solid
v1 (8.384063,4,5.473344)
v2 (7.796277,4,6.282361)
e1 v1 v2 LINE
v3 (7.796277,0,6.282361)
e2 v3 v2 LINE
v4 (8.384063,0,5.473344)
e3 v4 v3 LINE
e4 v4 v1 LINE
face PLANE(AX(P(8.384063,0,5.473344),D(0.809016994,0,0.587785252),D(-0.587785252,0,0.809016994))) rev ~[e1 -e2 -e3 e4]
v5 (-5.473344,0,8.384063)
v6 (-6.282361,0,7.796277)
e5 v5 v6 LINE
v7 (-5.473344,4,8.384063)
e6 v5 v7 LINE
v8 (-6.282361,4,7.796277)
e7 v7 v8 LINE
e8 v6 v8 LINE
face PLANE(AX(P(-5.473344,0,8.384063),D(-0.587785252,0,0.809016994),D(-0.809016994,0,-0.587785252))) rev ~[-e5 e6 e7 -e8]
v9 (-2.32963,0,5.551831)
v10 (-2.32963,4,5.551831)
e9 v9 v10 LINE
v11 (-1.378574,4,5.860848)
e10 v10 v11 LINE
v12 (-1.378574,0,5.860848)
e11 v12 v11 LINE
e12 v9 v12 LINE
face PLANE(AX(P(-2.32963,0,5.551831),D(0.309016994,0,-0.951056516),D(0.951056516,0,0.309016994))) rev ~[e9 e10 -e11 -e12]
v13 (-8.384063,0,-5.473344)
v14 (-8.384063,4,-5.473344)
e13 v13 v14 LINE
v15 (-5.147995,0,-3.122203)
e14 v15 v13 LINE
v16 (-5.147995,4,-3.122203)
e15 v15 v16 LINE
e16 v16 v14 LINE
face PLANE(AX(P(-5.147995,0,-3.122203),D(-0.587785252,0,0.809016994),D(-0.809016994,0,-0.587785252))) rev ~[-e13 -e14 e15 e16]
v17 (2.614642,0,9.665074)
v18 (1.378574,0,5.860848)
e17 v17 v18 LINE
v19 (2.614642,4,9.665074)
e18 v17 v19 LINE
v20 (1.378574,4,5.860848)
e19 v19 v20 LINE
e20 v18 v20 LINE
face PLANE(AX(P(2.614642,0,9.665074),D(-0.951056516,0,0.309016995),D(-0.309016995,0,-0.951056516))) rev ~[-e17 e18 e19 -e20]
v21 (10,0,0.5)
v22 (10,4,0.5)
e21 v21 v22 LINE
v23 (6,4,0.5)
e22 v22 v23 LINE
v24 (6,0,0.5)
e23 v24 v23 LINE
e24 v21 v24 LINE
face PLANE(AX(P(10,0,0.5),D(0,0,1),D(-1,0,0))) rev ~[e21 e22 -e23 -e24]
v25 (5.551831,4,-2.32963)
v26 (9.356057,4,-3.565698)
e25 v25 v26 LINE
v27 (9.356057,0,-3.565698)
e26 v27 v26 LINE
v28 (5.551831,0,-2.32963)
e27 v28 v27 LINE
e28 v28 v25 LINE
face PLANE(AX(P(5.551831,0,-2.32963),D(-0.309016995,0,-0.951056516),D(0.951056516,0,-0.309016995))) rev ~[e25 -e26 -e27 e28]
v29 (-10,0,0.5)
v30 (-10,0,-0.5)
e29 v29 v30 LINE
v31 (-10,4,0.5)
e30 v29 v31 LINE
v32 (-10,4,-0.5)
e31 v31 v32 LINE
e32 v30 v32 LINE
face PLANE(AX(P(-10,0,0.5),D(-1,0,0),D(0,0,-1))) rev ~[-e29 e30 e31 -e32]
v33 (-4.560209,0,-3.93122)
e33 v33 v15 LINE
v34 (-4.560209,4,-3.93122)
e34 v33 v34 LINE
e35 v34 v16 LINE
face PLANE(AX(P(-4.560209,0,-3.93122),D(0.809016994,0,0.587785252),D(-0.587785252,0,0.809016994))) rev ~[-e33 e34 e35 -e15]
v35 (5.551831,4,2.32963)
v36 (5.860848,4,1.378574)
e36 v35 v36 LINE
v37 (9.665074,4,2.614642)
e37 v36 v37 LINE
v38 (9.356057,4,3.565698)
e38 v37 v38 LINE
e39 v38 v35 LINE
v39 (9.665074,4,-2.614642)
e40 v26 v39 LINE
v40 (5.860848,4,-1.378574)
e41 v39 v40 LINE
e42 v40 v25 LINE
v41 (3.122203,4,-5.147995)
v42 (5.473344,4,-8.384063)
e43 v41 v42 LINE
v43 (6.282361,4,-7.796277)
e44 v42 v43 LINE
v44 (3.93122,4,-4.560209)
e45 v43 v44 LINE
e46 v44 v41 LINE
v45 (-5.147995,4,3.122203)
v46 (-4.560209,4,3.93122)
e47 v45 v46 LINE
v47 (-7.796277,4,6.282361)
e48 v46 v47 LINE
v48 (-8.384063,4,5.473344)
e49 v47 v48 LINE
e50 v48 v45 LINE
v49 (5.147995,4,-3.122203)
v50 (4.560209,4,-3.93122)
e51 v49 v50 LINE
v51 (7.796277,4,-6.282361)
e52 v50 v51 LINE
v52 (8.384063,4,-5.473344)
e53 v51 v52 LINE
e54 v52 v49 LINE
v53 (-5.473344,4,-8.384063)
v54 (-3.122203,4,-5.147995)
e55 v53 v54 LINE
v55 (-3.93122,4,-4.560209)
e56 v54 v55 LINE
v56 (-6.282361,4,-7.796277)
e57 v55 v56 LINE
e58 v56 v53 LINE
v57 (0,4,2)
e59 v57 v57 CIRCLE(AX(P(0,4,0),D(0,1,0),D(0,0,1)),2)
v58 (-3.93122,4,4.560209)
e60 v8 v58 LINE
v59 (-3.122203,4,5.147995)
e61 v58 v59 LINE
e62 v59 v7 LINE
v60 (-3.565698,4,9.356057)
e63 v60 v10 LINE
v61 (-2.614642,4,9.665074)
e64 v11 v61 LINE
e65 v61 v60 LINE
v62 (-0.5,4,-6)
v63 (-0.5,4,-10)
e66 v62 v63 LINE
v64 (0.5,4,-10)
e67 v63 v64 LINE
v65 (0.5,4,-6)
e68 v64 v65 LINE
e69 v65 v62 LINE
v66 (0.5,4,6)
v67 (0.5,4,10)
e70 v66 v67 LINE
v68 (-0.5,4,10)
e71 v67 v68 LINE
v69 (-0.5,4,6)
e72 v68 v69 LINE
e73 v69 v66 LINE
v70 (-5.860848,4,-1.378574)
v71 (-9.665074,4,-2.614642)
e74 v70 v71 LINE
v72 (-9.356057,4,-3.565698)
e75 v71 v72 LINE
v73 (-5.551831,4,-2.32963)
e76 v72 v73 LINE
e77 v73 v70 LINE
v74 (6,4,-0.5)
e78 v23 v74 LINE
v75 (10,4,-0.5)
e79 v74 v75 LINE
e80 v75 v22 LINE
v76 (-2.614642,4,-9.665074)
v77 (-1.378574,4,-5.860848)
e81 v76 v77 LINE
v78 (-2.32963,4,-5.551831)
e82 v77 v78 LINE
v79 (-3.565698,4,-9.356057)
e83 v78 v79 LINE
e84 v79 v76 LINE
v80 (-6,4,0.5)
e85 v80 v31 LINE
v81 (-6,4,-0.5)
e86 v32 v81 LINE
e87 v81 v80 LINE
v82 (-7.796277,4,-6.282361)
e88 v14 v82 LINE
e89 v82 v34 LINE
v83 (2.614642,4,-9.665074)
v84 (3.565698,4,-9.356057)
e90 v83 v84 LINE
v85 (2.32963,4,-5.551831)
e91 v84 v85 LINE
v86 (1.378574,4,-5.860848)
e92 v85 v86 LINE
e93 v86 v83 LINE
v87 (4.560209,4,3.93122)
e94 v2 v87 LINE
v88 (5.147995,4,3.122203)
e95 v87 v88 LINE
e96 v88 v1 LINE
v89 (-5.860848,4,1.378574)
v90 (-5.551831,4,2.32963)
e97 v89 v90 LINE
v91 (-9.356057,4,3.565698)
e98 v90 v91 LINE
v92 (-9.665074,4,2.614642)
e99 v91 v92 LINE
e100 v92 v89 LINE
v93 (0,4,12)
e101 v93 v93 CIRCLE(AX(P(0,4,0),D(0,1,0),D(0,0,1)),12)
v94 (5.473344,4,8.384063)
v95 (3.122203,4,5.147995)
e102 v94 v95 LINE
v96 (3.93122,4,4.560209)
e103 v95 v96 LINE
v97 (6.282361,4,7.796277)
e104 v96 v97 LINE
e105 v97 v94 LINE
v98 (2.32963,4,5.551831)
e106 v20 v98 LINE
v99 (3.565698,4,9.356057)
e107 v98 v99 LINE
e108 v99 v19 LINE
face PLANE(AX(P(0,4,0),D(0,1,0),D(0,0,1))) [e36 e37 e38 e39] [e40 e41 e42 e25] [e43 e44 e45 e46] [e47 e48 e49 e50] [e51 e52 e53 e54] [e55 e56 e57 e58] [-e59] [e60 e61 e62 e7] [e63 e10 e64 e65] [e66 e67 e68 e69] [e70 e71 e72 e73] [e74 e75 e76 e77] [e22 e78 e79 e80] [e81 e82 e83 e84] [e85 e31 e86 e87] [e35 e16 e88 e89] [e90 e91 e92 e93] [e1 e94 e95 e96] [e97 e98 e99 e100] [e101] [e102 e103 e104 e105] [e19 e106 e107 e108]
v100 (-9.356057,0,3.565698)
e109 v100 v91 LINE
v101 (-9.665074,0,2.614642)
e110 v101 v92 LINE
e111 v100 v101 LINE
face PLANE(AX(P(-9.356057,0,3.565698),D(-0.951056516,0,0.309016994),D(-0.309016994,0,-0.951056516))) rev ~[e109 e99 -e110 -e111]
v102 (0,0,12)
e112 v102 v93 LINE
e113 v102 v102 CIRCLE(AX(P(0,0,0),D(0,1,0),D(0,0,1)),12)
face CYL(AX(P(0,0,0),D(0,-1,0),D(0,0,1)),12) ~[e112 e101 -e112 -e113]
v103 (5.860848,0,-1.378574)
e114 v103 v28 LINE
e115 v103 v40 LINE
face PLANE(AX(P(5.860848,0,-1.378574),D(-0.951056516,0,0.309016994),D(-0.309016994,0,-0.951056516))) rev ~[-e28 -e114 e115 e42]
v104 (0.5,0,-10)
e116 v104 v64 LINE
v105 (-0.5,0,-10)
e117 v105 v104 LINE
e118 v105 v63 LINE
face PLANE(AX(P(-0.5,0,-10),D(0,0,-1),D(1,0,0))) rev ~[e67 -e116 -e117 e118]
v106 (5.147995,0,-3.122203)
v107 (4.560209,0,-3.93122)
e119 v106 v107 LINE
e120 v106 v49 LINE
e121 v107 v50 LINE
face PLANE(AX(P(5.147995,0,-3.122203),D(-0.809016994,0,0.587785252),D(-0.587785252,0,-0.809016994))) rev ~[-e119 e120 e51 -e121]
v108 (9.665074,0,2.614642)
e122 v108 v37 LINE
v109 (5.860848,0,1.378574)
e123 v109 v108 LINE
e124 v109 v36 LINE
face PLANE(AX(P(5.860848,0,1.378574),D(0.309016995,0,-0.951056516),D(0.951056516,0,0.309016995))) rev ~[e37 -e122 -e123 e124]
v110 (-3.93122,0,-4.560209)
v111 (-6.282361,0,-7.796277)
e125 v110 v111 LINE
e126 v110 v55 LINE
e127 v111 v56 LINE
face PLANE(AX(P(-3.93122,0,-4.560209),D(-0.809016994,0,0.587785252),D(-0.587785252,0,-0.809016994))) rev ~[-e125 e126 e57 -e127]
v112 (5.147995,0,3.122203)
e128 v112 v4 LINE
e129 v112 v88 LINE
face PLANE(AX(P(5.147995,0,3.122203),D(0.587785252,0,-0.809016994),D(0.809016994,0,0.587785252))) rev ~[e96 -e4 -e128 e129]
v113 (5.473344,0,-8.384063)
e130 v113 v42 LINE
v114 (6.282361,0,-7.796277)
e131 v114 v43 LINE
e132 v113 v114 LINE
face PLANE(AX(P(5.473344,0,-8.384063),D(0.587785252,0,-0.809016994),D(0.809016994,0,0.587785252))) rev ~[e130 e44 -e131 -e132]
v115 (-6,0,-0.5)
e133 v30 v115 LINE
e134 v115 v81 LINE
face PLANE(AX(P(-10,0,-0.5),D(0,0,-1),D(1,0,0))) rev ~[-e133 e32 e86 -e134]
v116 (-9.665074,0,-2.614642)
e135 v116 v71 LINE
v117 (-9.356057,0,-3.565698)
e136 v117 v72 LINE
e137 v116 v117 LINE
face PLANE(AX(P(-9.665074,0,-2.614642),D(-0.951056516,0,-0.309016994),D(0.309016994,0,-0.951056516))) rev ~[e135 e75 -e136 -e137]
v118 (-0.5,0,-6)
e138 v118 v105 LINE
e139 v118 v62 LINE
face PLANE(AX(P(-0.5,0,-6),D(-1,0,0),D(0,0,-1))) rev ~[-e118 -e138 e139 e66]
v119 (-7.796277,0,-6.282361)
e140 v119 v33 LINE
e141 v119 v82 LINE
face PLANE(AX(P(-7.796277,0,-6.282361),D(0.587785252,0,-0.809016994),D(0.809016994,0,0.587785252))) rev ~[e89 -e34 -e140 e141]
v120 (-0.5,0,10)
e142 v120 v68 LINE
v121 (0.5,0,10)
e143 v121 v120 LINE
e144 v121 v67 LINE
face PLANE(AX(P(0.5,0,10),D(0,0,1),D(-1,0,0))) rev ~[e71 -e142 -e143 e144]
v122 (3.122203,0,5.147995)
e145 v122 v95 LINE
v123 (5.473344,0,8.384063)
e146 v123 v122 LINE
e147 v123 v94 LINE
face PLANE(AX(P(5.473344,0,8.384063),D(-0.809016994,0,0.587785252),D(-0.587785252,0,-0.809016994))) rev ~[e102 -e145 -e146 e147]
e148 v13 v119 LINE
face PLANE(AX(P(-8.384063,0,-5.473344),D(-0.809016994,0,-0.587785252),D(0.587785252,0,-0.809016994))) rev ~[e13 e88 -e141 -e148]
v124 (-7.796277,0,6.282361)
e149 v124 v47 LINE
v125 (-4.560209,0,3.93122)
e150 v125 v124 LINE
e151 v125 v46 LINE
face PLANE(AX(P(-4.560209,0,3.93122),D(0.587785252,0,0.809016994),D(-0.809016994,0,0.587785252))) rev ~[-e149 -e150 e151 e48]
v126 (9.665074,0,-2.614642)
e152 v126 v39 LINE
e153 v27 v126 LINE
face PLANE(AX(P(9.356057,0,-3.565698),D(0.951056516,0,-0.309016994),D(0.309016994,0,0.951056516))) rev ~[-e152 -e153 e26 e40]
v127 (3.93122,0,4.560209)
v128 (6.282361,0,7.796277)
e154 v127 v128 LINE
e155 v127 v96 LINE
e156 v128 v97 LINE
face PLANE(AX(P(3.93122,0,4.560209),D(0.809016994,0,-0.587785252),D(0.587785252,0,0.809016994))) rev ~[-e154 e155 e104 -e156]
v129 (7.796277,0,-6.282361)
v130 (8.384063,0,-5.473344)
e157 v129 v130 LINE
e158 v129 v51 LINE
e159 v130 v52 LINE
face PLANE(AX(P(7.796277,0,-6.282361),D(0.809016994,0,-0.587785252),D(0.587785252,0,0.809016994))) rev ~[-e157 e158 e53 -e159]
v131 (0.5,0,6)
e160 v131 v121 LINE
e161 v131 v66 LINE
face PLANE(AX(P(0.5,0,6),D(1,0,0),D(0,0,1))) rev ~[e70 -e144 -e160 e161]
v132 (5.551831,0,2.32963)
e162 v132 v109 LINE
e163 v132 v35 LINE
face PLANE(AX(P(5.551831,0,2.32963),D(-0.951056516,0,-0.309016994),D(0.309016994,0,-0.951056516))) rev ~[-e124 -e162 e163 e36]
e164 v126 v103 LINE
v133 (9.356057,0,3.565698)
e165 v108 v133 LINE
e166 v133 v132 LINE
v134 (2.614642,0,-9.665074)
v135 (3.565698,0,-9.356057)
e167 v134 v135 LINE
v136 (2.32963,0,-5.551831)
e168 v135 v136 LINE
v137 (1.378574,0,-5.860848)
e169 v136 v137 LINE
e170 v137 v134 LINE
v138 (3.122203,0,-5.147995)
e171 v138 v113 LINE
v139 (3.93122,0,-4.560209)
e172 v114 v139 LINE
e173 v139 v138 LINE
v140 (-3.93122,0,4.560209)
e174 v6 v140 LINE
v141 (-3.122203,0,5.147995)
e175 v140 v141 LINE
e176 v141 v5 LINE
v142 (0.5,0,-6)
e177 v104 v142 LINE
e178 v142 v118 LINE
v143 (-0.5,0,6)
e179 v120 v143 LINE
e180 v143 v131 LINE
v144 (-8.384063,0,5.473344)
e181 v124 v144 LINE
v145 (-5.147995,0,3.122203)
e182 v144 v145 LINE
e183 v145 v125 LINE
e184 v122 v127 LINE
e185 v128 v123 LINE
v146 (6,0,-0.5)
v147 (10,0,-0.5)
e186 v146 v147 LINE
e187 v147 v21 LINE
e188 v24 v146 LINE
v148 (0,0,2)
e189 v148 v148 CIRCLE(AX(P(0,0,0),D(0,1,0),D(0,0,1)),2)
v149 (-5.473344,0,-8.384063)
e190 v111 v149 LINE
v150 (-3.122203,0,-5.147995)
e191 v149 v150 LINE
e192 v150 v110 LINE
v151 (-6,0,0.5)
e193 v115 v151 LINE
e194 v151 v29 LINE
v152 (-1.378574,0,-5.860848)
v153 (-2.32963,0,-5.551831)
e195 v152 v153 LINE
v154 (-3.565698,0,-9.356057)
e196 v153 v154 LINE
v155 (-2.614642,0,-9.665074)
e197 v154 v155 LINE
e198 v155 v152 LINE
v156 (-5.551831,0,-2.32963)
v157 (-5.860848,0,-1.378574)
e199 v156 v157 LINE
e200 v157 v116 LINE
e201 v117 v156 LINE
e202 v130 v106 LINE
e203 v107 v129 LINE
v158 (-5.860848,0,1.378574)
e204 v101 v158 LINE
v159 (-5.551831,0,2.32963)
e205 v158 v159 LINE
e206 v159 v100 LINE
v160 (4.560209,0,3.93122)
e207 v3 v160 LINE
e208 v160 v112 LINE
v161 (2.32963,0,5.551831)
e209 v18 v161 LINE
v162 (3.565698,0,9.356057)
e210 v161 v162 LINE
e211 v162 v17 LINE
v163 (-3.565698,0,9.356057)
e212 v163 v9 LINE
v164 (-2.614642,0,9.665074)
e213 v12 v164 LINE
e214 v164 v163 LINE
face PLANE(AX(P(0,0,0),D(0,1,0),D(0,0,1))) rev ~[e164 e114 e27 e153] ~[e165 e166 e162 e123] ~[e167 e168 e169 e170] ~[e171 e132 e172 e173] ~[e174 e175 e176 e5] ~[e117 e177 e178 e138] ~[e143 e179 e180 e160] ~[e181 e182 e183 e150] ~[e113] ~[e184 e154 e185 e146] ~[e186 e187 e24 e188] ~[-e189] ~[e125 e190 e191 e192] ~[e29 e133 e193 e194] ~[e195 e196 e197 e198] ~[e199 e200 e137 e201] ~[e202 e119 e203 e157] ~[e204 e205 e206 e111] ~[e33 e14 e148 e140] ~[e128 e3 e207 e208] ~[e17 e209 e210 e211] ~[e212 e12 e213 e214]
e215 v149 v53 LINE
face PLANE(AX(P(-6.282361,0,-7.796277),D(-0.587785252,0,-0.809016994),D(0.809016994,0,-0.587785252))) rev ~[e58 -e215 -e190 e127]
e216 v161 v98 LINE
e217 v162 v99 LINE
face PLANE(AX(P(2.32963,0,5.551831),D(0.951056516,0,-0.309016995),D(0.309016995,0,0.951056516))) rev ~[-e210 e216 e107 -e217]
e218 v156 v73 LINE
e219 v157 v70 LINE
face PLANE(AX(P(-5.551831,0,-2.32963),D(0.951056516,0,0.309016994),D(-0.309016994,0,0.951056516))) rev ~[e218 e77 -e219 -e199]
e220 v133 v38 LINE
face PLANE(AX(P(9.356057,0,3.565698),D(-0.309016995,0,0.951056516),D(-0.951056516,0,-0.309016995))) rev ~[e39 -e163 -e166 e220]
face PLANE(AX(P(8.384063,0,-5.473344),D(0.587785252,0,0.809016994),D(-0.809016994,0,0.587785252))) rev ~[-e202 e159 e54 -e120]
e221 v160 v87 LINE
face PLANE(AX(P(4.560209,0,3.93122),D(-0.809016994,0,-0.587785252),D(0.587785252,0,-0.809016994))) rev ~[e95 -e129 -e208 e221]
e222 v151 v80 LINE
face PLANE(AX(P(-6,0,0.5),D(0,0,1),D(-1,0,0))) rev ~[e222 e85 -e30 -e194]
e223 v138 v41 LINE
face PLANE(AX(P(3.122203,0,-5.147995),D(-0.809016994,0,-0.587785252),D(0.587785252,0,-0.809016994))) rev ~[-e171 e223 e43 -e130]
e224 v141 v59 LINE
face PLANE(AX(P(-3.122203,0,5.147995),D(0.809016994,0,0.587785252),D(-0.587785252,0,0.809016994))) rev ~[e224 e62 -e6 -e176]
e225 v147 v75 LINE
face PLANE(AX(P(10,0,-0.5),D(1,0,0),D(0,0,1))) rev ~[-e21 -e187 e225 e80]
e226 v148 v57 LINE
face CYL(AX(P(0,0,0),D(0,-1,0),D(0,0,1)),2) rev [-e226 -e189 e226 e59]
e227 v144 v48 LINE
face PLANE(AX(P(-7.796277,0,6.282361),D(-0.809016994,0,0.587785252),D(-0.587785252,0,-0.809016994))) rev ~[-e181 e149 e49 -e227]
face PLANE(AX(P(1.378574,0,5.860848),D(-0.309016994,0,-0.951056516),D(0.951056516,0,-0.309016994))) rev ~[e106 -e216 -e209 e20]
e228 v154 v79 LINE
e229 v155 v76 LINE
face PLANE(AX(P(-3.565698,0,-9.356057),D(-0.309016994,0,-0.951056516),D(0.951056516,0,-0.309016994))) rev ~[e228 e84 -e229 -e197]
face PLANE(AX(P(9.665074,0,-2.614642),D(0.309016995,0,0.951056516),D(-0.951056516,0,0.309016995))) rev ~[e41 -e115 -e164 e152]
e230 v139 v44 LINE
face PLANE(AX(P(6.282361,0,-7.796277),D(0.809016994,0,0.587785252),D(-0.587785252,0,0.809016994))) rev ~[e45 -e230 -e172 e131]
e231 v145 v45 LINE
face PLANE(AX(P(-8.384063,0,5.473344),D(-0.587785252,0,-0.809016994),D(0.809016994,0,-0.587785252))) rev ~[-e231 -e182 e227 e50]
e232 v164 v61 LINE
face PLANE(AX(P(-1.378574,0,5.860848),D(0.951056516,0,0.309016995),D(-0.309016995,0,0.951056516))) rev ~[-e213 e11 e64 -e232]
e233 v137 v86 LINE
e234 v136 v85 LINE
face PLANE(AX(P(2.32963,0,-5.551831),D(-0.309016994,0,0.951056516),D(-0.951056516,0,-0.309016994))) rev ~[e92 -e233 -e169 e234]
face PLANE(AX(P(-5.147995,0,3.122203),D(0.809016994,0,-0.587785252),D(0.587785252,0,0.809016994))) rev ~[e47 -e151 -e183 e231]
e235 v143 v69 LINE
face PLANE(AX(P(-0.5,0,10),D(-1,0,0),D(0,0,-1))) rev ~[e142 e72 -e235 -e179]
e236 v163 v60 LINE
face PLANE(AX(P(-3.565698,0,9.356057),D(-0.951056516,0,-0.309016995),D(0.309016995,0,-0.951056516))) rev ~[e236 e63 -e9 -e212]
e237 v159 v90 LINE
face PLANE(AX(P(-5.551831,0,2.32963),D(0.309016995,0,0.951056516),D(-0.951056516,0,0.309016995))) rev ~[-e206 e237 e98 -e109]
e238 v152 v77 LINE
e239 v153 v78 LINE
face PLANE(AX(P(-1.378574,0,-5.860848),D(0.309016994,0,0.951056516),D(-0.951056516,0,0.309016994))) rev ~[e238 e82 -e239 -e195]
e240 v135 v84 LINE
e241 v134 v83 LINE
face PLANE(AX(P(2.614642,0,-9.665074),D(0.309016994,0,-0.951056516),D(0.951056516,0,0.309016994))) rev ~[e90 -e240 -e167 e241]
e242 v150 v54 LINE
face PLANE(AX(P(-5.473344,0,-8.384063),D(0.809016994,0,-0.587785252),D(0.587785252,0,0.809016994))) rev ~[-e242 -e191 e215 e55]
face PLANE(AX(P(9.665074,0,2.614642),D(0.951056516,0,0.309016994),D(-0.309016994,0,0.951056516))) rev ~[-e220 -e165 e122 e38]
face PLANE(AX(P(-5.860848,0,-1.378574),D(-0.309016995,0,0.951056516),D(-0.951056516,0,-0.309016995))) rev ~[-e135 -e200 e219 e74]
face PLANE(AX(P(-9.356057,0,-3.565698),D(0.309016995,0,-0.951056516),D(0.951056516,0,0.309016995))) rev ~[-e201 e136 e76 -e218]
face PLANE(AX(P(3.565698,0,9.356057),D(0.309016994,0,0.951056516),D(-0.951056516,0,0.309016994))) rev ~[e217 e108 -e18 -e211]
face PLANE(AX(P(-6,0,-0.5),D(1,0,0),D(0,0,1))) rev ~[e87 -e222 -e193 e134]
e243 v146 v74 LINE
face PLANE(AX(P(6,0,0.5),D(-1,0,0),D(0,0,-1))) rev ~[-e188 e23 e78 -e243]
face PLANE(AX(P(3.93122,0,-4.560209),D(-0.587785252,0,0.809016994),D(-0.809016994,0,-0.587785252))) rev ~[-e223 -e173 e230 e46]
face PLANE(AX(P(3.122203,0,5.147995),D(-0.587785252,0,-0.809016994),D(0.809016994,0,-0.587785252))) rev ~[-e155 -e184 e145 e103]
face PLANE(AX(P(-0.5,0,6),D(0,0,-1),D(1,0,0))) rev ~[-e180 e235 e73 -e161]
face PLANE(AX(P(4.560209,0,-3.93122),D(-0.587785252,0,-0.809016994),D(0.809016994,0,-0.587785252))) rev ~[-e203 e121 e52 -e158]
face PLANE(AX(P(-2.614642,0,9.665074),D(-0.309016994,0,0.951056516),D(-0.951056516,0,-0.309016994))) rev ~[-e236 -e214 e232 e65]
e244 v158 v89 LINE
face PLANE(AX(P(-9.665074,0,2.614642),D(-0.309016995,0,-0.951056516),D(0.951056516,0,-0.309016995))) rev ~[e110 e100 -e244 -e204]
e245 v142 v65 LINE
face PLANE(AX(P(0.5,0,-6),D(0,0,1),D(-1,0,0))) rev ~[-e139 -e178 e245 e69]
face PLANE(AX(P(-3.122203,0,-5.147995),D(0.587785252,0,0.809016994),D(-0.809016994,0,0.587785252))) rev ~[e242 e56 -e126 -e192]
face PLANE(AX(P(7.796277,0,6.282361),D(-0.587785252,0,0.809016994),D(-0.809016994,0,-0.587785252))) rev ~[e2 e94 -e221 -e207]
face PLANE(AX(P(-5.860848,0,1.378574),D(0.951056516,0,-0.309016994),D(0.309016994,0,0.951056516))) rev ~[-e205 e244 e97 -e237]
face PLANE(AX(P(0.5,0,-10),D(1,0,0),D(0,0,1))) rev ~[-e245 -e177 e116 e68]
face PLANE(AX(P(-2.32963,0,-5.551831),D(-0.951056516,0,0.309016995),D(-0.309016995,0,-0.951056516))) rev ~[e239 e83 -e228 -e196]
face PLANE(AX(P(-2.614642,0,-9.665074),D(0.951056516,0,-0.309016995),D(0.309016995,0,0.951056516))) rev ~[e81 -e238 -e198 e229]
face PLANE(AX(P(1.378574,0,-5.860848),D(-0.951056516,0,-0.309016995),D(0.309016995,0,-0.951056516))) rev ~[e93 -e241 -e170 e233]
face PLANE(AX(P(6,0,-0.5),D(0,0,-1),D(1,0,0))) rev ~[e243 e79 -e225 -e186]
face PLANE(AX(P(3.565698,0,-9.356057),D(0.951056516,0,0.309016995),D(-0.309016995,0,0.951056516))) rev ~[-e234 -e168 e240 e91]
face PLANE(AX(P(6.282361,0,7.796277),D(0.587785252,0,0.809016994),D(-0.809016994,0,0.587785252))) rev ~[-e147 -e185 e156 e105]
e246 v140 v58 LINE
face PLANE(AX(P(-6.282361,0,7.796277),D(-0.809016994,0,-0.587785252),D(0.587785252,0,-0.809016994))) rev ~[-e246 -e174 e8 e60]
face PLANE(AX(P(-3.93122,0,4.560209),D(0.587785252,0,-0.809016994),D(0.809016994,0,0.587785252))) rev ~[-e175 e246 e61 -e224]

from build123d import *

# Parameters (mm, degrees)
SKETCH1_R           = 12
SKETCH1_R_2         = 2
BOSS_EXTRUDE1_DEPTH = 4


with BuildPart() as part:
    # Sketch1 → Boss-Extrude1 (new body)
    with BuildSketch(Plane(origin=(0, 0, 0), x_dir=(1, 0, 0), z_dir=(0, 1, 0))):
        with Locations(Location((0, 0, 0), (0, 0, 270))):
            Circle(SKETCH1_R)
        Polygon((-5.473344026, -8.38406257), (-5.877852523, -8.090169944), (-6.28236102, -7.796277318), (-3.931220011, -4.56020934), (-3.122203017, -5.147994592), align=None, mode=Mode.SUBTRACT)
        Polygon((-2.614641686, -9.66507366), (-3.090169944, -9.510565163), (-3.565698202, -9.356056666), (-2.329630224, -5.551830601), (-1.378573708, -5.860847595), align=None, mode=Mode.SUBTRACT)
        Polygon((-7.796277318, -6.28236102), (-8.090169944, -5.877852523), (-8.38406257, -5.473344026), (-5.147994592, -3.122203017), (-4.56020934, -3.931220011), align=None, mode=Mode.SUBTRACT)
        Polygon((-9.356056666, -3.565698202), (-9.510565163, -3.090169944), (-9.66507366, -2.614641686), (-5.860847595, -1.378573708), (-5.551830601, -2.329630224), align=None, mode=Mode.SUBTRACT)
        Polygon((0.5, -10), (0, -10), (-0.5, -10), (-0.5, -6), (0.5, -6), align=None, mode=Mode.SUBTRACT)
        Polygon((3.565698202, -9.356056666), (3.090169944, -9.510565163), (2.614641686, -9.66507366), (1.378573708, -5.860847595), (2.329630224, -5.551830601), align=None, mode=Mode.SUBTRACT)
        Polygon((6.28236102, -7.796277318), (5.877852523, -8.090169944), (5.473344026, -8.38406257), (3.122203017, -5.147994592), (3.931220011, -4.56020934), align=None, mode=Mode.SUBTRACT)
        Polygon((8.38406257, -5.473344026), (8.090169944, -5.877852523), (7.796277318, -6.28236102), (4.56020934, -3.931220011), (5.147994592, -3.122203017), align=None, mode=Mode.SUBTRACT)
        Polygon((9.66507366, -2.614641686), (9.510565163, -3.090169944), (9.356056666, -3.565698202), (5.551830601, -2.329630224), (5.860847595, -1.378573708), align=None, mode=Mode.SUBTRACT)
        Polygon((10, 0.5), (10, 0), (10, -0.5), (6, -0.5), (6, 0.5), align=None, mode=Mode.SUBTRACT)
        Polygon((-10, -0.5), (-10, 0), (-10, 0.5), (-6, 0.5), (-6, -0.5), align=None, mode=Mode.SUBTRACT)
        Polygon((-9.66507366, 2.614641686), (-9.510565163, 3.090169944), (-9.356056666, 3.565698202), (-5.551830601, 2.329630224), (-5.860847595, 1.378573708), align=None, mode=Mode.SUBTRACT)
        Polygon((-8.38406257, 5.473344026), (-8.090169944, 5.877852523), (-7.796277318, 6.28236102), (-4.56020934, 3.931220011), (-5.147994592, 3.122203017), align=None, mode=Mode.SUBTRACT)
        Polygon((-6.28236102, 7.796277318), (-5.877852523, 8.090169944), (-5.473344026, 8.38406257), (-3.122203017, 5.147994592), (-3.931220011, 4.56020934), align=None, mode=Mode.SUBTRACT)
        Polygon((-3.565698202, 9.356056666), (-3.090169944, 9.510565163), (-2.614641686, 9.66507366), (-1.378573708, 5.860847595), (-2.329630224, 5.551830601), align=None, mode=Mode.SUBTRACT)
        with Locations(Location((0, 0, 0), (0, 0, 270))):
            Circle(SKETCH1_R_2, mode=Mode.SUBTRACT)
        Polygon((9.356056666, 3.565698202), (9.510565163, 3.090169944), (9.66507366, 2.614641686), (5.860847595, 1.378573708), (5.551830601, 2.329630224), align=None, mode=Mode.SUBTRACT)
        Polygon((7.796277318, 6.28236102), (8.090169944, 5.877852523), (8.38406257, 5.473344026), (5.147994592, 3.122203017), (4.56020934, 3.931220011), align=None, mode=Mode.SUBTRACT)
        Polygon((-0.5, 10), (0, 10), (0.5, 10), (0.5, 6), (-0.5, 6), align=None, mode=Mode.SUBTRACT)
        Polygon((2.614641686, 9.66507366), (3.090169944, 9.510565163), (3.565698202, 9.356056666), (2.329630224, 5.551830601), (1.378573708, 5.860847595), align=None, mode=Mode.SUBTRACT)
        Polygon((5.473344026, 8.38406257), (5.877852523, 8.090169944), (6.28236102, 7.796277318), (3.931220011, 4.56020934), (3.122203017, 5.147994592), align=None, mode=Mode.SUBTRACT)
    extrude(amount=BOSS_EXTRUDE1_DEPTH)


solid = part.part
